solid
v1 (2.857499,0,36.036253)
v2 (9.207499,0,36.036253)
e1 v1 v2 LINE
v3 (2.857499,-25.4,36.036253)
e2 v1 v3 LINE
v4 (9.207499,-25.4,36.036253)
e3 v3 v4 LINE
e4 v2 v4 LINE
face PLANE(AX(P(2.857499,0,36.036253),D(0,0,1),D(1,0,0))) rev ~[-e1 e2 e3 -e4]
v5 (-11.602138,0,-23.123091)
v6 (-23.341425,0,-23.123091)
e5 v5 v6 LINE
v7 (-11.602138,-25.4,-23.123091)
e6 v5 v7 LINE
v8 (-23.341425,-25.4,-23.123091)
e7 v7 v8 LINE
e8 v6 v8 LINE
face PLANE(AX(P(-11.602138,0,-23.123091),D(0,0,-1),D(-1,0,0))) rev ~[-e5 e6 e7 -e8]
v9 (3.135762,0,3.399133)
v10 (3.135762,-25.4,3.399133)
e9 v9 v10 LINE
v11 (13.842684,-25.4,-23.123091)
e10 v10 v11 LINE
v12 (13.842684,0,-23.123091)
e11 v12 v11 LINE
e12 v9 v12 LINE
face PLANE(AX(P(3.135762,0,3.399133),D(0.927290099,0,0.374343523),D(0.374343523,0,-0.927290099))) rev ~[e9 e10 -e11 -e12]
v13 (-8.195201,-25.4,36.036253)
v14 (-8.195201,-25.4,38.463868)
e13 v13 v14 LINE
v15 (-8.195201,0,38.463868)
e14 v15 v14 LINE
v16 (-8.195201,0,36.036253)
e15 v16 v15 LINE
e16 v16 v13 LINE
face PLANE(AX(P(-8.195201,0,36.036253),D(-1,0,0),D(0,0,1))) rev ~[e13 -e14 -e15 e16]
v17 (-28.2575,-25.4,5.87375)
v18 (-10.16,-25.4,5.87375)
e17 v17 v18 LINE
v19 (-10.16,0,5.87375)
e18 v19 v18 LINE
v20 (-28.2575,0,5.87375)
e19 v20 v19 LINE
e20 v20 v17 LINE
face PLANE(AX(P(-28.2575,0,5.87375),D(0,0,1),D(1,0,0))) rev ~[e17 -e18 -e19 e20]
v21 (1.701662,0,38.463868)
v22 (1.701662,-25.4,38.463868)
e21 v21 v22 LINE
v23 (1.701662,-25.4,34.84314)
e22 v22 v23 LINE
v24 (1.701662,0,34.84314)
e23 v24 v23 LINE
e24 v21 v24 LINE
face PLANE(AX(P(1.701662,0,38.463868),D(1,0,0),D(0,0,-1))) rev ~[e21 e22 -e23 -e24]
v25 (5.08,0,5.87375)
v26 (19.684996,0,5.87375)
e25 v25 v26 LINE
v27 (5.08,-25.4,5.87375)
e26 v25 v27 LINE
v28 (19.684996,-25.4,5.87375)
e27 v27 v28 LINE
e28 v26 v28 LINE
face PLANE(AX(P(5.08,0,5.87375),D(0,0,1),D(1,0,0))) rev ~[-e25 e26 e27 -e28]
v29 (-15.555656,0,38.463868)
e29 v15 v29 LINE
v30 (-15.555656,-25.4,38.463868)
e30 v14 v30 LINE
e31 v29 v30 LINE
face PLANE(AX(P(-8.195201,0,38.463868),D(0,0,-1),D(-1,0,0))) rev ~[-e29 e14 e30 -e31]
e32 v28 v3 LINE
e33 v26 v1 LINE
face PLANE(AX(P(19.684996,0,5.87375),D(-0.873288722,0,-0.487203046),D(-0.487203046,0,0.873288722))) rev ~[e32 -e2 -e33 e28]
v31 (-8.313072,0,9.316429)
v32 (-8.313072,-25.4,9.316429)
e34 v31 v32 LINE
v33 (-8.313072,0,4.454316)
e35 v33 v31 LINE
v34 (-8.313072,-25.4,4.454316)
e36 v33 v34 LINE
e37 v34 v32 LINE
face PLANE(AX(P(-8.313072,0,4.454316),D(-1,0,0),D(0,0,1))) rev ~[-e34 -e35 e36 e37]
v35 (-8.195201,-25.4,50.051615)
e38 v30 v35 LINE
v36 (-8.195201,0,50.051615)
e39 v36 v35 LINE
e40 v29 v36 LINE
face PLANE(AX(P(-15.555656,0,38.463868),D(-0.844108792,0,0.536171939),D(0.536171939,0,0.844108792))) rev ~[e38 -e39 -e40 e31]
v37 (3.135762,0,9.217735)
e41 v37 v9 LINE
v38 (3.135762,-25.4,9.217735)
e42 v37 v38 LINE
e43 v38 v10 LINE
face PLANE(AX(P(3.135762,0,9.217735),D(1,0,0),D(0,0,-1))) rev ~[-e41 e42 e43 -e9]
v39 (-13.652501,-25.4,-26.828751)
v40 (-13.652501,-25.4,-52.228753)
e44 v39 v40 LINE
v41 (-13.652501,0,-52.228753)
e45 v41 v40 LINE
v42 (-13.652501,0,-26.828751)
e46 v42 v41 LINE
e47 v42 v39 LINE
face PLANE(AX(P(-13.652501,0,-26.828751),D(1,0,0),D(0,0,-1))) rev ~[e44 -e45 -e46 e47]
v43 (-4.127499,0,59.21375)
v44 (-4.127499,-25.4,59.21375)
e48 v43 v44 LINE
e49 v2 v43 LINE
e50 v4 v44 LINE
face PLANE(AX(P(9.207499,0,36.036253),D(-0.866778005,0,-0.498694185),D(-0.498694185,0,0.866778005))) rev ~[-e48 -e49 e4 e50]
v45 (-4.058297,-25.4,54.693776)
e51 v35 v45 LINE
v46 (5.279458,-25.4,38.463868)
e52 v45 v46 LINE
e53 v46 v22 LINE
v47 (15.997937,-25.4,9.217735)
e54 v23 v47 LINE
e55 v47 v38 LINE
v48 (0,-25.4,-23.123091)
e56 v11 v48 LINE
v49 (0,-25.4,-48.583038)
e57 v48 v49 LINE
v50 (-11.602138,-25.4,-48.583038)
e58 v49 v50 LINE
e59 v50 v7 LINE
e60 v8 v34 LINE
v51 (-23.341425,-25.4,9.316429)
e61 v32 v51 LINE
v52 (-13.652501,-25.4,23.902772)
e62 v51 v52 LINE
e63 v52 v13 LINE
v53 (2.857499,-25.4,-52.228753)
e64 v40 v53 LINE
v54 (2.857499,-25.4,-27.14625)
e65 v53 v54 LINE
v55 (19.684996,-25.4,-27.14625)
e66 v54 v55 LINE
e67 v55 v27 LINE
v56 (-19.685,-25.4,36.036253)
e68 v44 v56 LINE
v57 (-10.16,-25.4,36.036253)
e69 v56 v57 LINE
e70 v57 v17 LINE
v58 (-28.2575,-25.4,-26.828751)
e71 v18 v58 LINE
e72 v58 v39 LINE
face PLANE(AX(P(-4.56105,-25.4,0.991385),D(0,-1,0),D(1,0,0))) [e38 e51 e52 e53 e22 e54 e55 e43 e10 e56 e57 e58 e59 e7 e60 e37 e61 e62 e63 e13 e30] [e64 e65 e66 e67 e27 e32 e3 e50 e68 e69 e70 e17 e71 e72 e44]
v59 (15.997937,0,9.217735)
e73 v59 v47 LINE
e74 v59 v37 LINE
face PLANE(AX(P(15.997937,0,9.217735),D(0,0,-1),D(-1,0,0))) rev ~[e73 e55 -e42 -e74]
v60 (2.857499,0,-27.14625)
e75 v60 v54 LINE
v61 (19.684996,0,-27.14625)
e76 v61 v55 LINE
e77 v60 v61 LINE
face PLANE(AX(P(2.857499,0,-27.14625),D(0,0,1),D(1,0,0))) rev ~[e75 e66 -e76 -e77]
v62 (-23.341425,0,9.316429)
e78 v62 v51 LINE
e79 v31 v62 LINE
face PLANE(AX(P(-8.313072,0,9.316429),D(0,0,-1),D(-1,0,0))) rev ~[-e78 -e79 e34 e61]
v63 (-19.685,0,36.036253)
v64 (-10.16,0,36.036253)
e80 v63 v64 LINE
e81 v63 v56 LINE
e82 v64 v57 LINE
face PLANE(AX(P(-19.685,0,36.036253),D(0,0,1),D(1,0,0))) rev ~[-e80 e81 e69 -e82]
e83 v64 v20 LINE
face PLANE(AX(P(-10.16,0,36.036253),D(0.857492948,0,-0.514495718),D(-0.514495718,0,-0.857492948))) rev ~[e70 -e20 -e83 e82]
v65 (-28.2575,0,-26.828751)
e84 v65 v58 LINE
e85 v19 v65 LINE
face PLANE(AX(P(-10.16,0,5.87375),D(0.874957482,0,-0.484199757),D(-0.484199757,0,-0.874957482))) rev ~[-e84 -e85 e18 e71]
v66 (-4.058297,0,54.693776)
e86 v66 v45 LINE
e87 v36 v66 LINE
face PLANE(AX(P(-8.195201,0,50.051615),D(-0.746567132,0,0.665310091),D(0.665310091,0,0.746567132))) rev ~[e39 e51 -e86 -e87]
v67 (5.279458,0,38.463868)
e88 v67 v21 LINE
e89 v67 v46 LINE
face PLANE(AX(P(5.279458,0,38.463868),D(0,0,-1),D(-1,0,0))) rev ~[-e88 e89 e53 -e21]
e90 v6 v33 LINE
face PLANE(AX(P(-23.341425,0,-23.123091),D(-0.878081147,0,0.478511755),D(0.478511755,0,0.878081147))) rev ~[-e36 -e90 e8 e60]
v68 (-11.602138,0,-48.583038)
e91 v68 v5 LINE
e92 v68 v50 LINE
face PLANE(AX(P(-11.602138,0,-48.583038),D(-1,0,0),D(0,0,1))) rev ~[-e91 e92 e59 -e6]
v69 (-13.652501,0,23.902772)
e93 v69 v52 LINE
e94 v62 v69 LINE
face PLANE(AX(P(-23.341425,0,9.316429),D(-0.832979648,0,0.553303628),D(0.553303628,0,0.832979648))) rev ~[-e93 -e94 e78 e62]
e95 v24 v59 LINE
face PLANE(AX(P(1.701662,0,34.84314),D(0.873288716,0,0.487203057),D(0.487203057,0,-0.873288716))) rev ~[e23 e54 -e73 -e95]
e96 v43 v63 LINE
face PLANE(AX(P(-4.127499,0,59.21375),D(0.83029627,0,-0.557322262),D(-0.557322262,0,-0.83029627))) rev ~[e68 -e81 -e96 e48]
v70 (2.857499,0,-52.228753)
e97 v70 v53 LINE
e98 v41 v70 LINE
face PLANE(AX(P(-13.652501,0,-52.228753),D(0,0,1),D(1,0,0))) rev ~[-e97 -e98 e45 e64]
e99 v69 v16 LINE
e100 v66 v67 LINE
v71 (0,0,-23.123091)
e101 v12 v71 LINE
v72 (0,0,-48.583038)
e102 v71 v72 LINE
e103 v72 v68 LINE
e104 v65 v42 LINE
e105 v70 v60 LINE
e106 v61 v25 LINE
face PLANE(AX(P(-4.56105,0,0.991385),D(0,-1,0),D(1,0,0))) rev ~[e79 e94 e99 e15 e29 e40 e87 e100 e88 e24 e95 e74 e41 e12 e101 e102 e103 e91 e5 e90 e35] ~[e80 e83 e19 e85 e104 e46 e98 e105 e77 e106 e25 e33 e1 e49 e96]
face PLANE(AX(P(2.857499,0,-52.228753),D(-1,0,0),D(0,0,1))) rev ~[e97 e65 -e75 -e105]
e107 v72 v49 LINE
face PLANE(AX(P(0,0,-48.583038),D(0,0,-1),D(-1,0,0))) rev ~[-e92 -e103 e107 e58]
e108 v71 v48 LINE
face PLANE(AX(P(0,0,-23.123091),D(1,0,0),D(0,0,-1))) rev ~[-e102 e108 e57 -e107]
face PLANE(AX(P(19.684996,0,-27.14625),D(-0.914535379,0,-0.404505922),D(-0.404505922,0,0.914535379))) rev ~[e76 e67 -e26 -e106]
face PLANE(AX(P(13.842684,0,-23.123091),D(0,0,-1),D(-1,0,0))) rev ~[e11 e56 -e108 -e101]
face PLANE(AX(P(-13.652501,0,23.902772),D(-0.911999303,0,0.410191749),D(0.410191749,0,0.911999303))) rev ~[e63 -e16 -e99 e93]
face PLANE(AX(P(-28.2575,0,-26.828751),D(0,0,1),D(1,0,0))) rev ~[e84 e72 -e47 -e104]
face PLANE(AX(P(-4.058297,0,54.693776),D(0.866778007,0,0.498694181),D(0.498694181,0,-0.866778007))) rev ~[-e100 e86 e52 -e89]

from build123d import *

# Parameters (mm, degrees)
F1_DEPTH = 25.4


with BuildPart() as f1:
    # F0 (on Front) → F1 (new body)
    with BuildSketch(Plane.XZ):
        Polygon((-28.2575, -26.828751), (-13.652501, -26.828751), (-13.652501, -52.228753), (2.857499, -52.228753), (2.857499, -27.14625), (19.684996, -27.14625), (5.08, 5.87375), (19.684996, 5.87375), (2.857499, 36.036253), (9.207499, 36.036253), (-4.127499, 59.21375), (-19.685, 36.036253), (-10.16, 36.036253), (-28.2575, 5.87375), (-10.16, 5.87375), align=None)
        Polygon((-23.341425, 9.316429), (-13.652501, 23.902772), (-8.195201, 36.036253), (-8.195201, 38.463868), (-15.555656, 38.463868), (-8.195201, 50.051615), (-4.058297, 54.693776), (5.279458, 38.463868), (1.701662, 38.463868), (1.701662, 34.84314), (15.997937, 9.217735), (3.135762, 9.217735), (3.135762, 3.399133), (13.842684, -23.123091), (0, -23.123091), (0, -48.583038), (-11.602138, -48.583038), (-11.602138, -23.123091), (-23.341425, -23.123091), (-8.313072, 4.454316), (-8.313072, 9.316429), align=None, mode=Mode.SUBTRACT)
    extrude(amount=F1_DEPTH)


solid = f1.part
